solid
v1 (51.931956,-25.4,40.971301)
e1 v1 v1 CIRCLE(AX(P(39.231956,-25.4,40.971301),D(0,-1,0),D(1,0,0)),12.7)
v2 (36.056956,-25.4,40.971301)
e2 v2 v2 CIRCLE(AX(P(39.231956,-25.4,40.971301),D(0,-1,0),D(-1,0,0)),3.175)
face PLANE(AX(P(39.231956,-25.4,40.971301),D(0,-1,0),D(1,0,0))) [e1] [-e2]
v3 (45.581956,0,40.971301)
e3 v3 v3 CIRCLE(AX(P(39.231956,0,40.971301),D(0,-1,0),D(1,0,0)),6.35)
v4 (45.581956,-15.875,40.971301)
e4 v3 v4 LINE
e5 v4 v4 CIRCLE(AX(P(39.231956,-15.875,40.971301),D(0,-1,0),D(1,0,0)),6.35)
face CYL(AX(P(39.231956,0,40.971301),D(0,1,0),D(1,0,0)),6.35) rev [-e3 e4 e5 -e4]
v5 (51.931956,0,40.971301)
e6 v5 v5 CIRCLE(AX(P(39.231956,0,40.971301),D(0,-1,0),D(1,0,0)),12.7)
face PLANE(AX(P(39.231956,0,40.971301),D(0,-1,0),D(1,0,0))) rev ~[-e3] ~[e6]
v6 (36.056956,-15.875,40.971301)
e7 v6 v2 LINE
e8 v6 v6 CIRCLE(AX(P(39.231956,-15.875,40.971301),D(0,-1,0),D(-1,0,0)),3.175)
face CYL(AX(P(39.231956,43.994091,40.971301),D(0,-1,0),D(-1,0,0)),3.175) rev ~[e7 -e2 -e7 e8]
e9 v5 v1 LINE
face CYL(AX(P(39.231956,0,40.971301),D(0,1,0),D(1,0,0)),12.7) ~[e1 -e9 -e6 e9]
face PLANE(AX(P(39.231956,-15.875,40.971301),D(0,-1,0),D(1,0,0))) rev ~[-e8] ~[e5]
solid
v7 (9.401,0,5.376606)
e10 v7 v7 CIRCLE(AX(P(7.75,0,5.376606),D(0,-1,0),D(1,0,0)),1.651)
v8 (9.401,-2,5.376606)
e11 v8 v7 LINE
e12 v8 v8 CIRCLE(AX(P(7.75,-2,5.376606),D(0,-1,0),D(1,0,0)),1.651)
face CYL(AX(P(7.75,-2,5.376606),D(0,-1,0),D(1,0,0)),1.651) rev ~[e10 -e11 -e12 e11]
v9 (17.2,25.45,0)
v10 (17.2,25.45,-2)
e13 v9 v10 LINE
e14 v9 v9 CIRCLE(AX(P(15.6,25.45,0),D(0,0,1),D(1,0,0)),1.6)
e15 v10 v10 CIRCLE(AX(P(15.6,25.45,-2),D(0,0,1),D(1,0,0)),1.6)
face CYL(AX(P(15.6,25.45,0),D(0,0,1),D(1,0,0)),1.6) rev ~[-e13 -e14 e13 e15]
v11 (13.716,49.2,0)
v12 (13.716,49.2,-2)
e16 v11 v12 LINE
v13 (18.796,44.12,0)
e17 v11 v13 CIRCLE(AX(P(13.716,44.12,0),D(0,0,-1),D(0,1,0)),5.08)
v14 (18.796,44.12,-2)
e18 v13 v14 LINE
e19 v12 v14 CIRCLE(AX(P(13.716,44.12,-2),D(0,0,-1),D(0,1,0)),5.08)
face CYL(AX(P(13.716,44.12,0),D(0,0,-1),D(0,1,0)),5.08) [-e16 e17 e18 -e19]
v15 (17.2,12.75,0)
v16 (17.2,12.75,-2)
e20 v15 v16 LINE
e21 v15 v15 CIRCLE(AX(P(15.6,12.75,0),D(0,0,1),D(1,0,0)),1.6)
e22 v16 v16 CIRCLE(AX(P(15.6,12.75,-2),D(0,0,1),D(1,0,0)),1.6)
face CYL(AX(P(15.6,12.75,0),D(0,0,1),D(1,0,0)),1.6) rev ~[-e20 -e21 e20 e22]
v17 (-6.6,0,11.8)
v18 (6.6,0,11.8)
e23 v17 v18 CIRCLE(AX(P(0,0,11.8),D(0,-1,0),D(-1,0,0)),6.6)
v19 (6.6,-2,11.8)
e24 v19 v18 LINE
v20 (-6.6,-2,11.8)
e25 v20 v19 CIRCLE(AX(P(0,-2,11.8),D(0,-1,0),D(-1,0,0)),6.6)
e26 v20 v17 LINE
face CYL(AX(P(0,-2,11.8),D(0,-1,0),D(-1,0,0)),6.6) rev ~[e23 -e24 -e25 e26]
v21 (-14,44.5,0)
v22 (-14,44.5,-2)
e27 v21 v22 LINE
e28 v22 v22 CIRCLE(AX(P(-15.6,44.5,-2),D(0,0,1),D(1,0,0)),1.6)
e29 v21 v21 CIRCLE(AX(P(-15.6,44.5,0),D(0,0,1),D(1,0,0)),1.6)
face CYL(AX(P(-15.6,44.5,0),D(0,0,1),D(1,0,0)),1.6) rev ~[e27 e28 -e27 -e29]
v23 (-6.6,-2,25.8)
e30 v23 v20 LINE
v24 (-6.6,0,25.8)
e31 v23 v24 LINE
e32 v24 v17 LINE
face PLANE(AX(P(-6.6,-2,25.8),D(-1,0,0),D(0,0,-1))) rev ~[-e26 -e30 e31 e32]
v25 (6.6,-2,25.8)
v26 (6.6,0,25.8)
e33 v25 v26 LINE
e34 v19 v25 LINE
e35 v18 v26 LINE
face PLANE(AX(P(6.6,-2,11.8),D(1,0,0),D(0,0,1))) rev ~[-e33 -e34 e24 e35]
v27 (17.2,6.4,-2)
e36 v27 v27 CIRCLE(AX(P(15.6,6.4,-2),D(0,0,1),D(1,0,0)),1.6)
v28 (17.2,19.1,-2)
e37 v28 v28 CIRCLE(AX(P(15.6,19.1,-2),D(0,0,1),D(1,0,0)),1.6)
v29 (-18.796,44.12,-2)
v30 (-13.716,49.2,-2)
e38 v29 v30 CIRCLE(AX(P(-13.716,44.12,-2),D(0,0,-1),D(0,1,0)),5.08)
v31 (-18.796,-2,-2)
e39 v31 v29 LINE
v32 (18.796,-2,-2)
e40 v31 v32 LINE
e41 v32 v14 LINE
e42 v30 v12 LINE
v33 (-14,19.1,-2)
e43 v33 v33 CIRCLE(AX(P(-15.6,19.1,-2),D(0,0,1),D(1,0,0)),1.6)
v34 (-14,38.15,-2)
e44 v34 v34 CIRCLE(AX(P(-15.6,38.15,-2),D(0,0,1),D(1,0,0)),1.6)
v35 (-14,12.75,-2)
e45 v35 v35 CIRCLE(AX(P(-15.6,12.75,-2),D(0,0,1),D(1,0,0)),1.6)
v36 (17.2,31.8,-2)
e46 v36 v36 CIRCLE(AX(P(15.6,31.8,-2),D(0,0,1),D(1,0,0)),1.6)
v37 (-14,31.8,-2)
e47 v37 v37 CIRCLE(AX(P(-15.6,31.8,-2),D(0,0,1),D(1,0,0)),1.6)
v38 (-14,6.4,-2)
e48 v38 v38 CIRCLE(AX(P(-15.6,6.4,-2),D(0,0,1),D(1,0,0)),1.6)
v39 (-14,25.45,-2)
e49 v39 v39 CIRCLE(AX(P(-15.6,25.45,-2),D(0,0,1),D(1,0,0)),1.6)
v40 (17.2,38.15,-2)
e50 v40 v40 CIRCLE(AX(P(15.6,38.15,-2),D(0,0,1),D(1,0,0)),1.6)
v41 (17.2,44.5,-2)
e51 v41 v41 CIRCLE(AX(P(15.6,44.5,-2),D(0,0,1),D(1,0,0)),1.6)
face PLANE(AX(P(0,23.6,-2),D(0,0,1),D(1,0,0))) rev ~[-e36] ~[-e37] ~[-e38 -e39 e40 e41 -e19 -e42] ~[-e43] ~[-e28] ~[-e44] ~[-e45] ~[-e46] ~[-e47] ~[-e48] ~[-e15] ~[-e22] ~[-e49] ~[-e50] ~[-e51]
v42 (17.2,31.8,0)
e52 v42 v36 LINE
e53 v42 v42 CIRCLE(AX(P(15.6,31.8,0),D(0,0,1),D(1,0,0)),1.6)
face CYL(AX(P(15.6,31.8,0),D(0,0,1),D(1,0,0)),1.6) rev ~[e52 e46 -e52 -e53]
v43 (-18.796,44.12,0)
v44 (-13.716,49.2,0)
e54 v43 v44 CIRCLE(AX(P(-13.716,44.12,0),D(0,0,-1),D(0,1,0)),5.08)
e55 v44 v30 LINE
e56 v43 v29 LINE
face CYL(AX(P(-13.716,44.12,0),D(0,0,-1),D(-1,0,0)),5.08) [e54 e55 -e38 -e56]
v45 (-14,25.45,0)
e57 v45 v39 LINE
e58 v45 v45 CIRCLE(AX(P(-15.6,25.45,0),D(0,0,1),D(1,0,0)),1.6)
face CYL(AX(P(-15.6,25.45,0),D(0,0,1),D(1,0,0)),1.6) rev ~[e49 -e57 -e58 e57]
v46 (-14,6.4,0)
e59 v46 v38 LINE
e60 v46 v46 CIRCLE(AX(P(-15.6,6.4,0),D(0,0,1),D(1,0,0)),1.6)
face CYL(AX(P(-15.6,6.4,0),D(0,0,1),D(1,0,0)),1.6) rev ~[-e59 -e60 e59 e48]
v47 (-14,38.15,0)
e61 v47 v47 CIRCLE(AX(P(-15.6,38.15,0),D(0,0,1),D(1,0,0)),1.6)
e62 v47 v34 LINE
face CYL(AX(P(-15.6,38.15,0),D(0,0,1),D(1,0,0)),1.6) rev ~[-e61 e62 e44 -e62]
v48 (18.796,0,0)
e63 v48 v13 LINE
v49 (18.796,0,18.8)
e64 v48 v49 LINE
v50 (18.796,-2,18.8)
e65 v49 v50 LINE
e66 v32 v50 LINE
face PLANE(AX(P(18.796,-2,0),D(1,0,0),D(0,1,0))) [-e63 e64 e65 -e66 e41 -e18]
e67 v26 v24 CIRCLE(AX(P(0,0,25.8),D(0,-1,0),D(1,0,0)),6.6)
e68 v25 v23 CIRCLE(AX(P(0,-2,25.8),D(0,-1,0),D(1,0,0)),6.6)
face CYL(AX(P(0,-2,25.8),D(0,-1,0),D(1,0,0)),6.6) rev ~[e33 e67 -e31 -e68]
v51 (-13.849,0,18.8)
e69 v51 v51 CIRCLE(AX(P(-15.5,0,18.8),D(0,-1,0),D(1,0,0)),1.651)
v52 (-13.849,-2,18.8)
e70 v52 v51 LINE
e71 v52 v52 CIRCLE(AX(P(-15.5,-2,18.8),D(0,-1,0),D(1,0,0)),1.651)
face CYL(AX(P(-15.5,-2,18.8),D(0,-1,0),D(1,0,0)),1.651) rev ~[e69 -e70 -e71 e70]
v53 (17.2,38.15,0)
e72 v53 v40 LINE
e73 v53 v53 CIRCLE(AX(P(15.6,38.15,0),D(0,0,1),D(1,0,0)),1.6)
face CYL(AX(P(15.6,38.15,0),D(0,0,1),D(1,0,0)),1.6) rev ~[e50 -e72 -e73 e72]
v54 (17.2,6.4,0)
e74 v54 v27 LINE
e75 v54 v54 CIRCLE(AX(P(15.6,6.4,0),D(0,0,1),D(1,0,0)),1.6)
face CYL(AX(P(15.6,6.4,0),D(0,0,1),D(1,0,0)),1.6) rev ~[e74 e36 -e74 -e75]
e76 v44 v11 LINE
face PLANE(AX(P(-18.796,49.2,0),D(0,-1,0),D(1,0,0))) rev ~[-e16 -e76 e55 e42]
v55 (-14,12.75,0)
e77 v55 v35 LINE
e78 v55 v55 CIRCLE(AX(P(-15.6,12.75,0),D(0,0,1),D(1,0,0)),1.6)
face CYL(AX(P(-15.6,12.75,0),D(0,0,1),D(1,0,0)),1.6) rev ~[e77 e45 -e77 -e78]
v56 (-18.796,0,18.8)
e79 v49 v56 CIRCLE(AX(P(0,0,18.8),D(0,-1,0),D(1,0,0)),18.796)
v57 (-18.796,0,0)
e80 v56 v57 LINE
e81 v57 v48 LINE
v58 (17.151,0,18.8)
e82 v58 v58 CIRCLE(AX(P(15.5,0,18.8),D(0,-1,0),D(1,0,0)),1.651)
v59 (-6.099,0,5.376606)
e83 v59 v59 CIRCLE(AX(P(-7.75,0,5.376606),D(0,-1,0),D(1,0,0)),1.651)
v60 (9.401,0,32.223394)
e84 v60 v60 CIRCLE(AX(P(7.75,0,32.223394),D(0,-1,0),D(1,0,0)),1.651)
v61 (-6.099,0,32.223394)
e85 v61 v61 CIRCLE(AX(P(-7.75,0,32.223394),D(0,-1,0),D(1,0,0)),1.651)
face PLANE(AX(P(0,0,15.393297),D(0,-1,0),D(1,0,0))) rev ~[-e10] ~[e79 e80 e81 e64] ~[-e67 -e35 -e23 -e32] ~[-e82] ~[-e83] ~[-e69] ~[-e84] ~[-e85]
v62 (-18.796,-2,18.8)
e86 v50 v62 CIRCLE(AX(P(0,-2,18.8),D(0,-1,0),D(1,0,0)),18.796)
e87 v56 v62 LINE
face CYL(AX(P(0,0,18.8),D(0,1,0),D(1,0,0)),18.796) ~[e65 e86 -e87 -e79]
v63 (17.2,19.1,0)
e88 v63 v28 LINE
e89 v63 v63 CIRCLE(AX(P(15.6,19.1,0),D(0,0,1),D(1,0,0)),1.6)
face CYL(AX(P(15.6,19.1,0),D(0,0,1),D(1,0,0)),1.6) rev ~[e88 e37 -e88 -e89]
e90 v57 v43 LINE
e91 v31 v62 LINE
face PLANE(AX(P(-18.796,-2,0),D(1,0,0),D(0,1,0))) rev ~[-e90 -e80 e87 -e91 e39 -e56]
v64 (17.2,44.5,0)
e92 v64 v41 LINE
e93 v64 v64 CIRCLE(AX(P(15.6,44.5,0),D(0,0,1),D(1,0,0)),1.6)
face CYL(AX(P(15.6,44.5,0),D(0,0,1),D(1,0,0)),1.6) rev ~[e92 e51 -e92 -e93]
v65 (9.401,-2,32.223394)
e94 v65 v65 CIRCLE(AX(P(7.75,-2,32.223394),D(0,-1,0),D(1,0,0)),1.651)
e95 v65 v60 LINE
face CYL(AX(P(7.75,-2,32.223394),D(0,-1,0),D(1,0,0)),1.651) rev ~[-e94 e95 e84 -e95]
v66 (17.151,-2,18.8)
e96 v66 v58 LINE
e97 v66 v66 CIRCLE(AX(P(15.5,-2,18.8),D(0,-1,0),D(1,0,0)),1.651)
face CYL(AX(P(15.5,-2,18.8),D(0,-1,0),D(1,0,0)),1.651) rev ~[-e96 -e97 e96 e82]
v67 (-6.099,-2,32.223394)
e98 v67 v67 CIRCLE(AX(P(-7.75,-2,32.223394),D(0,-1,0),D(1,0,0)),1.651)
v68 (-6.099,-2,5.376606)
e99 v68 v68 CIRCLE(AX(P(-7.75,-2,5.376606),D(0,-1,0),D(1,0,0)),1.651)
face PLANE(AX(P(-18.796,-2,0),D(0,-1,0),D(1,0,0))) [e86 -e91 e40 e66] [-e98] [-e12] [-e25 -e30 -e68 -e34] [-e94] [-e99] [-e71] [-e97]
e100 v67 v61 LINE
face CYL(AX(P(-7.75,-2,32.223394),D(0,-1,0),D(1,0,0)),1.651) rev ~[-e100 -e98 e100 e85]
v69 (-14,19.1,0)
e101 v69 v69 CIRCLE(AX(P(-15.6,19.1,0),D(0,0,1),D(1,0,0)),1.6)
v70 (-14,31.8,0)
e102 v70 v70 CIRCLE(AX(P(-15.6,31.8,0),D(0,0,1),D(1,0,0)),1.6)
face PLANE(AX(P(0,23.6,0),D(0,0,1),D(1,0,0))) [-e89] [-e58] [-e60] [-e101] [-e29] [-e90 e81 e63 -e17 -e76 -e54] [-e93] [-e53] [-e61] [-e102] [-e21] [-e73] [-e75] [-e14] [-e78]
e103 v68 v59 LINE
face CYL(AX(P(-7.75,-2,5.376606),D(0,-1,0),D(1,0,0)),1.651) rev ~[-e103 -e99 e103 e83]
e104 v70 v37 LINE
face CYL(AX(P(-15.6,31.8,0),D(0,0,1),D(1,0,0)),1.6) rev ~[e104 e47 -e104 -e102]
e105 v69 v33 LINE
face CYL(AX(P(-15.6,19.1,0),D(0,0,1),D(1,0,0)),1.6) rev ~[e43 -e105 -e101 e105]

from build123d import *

# Parameters (mm, degrees)
F1_DEPTH  = 2
F2_R      = 1.651
F3_DEPTH  = 2
F5_DEPTH  = 2
F6_W      = 37.592
F6_H      = 51.2
F7_DEPTH  = 2
F8_R      = 1.6
F9_DEPTH  = 2
F10_R     = 5.08
F11_R     = 12.7
F12_DEPTH = 25.4
F13_D     = 6.35
F14_R     = 6.35
F15_DEPTH = 15.875


with BuildPart() as f1:
    # F0 (on Front) → F1 (new body)
    with BuildSketch(Plane.XZ):
        with BuildLine():
            Line((-18.796, 18.8), (-18.796, 0))
            Line((-18.796, 0), (18.796, 0))
            Line((18.796, 0), (18.796, 18.8))
            ThreePointArc((18.796, 18.8), (0, 37.596), (-18.796, 18.8))
        make_face()
    extrude(amount=F1_DEPTH)

    # F2 (on face) → F3 (cut, through all)
    with BuildSketch(Plane.XZ.offset(2)):
        with Locations((-15.5, 18.8)):
            Circle(F2_R)
        with Locations((-7.75, 32.2233937587)):
            Circle(F2_R)
        with Locations((7.75, 32.2233937587)):
            Circle(F2_R)
        with Locations((7.75, 5.3766062413)):
            Circle(F2_R)
        with Locations((-7.75, 5.3766062413)):
            Circle(F2_R)
        with Locations((15.5, 18.8)):
            Circle(F2_R)
    extrude(amount=-F3_DEPTH, mode=Mode.SUBTRACT)

    # F4 (on face) → F5 (cut, through all)
    with BuildSketch(Plane.XZ.offset(2)):
        with BuildLine():
            ThreePointArc((6.6, 25.8), (0, 32.4), (-6.6, 25.8))
            Line((-6.6, 25.8), (-6.6, 11.8))
            ThreePointArc((-6.6, 11.8), (0, 5.2), (6.6, 11.8))
            Line((6.6, 11.8), (6.6, 25.8))
        make_face()
    extrude(amount=-F5_DEPTH, mode=Mode.SUBTRACT)

    # F6 (on Top) → F7 (join)
    with BuildSketch(Plane.XY):
        with Locations((0, 23.6)):
            Rectangle(F6_W, F6_H)
    extrude(amount=-F7_DEPTH)

    # F8 (on face) → F9 (cut, through all)
    with BuildSketch(Plane.XY):
        with Locations((-15.6, 44.5)):
            Circle(F8_R)
        with Locations((-15.6, 38.15)):
            Circle(F8_R)
        with Locations((-15.6, 31.8)):
            Circle(F8_R)
        with Locations((-15.6, 25.45)):
            Circle(F8_R)
        with Locations((-15.6, 19.1)):
            Circle(F8_R)
        with Locations((-15.6, 12.75)):
            Circle(F8_R)
        with Locations((-15.6, 6.4)):
            Circle(F8_R)
        with Locations((15.6, 44.5)):
            Circle(F8_R)
        with Locations((15.6, 38.15)):
            Circle(F8_R)
        with Locations((15.6, 31.8)):
            Circle(F8_R)
        with Locations((15.6, 25.45)):
            Circle(F8_R)
        with Locations((15.6, 19.1)):
            Circle(F8_R)
        with Locations((15.6, 12.75)):
            Circle(F8_R)
        with Locations((15.6, 6.4)):
            Circle(F8_R)
    extrude(amount=-F9_DEPTH, mode=Mode.SUBTRACT)

    # F10
    f10_edges = [f1.edges().sort_by_distance(p)[0] for p in [
        (-18.796, 49.2, -1),
        (18.796, 49.2, -1),
    ]]
    fillet(f10_edges, radius=F10_R)


with BuildPart() as f12:
    # F11 (on Front) → F12 (new body)
    with BuildSketch(Plane.XZ):
        with Locations((39.2319560051, 40.971301496)):
            Circle(F11_R)
    extrude(amount=F12_DEPTH)

    # F13 (through all)
    with Locations(Plane(origin=(0, 0, 0), x_dir=(1, 0, 0), z_dir=(0, 1, 0))):
        with Locations((39.2319560051, -40.971301496)):
            Hole(F13_D / 2)

    # F14 (on face) → F15 (cut)
    with BuildSketch(Plane.XZ):
        with Locations((39.2319560051, 40.971301496)):
            Circle(F14_R)
    extrude(amount=F15_DEPTH, mode=Mode.SUBTRACT)


solid = Compound([f1.part, f12.part])
